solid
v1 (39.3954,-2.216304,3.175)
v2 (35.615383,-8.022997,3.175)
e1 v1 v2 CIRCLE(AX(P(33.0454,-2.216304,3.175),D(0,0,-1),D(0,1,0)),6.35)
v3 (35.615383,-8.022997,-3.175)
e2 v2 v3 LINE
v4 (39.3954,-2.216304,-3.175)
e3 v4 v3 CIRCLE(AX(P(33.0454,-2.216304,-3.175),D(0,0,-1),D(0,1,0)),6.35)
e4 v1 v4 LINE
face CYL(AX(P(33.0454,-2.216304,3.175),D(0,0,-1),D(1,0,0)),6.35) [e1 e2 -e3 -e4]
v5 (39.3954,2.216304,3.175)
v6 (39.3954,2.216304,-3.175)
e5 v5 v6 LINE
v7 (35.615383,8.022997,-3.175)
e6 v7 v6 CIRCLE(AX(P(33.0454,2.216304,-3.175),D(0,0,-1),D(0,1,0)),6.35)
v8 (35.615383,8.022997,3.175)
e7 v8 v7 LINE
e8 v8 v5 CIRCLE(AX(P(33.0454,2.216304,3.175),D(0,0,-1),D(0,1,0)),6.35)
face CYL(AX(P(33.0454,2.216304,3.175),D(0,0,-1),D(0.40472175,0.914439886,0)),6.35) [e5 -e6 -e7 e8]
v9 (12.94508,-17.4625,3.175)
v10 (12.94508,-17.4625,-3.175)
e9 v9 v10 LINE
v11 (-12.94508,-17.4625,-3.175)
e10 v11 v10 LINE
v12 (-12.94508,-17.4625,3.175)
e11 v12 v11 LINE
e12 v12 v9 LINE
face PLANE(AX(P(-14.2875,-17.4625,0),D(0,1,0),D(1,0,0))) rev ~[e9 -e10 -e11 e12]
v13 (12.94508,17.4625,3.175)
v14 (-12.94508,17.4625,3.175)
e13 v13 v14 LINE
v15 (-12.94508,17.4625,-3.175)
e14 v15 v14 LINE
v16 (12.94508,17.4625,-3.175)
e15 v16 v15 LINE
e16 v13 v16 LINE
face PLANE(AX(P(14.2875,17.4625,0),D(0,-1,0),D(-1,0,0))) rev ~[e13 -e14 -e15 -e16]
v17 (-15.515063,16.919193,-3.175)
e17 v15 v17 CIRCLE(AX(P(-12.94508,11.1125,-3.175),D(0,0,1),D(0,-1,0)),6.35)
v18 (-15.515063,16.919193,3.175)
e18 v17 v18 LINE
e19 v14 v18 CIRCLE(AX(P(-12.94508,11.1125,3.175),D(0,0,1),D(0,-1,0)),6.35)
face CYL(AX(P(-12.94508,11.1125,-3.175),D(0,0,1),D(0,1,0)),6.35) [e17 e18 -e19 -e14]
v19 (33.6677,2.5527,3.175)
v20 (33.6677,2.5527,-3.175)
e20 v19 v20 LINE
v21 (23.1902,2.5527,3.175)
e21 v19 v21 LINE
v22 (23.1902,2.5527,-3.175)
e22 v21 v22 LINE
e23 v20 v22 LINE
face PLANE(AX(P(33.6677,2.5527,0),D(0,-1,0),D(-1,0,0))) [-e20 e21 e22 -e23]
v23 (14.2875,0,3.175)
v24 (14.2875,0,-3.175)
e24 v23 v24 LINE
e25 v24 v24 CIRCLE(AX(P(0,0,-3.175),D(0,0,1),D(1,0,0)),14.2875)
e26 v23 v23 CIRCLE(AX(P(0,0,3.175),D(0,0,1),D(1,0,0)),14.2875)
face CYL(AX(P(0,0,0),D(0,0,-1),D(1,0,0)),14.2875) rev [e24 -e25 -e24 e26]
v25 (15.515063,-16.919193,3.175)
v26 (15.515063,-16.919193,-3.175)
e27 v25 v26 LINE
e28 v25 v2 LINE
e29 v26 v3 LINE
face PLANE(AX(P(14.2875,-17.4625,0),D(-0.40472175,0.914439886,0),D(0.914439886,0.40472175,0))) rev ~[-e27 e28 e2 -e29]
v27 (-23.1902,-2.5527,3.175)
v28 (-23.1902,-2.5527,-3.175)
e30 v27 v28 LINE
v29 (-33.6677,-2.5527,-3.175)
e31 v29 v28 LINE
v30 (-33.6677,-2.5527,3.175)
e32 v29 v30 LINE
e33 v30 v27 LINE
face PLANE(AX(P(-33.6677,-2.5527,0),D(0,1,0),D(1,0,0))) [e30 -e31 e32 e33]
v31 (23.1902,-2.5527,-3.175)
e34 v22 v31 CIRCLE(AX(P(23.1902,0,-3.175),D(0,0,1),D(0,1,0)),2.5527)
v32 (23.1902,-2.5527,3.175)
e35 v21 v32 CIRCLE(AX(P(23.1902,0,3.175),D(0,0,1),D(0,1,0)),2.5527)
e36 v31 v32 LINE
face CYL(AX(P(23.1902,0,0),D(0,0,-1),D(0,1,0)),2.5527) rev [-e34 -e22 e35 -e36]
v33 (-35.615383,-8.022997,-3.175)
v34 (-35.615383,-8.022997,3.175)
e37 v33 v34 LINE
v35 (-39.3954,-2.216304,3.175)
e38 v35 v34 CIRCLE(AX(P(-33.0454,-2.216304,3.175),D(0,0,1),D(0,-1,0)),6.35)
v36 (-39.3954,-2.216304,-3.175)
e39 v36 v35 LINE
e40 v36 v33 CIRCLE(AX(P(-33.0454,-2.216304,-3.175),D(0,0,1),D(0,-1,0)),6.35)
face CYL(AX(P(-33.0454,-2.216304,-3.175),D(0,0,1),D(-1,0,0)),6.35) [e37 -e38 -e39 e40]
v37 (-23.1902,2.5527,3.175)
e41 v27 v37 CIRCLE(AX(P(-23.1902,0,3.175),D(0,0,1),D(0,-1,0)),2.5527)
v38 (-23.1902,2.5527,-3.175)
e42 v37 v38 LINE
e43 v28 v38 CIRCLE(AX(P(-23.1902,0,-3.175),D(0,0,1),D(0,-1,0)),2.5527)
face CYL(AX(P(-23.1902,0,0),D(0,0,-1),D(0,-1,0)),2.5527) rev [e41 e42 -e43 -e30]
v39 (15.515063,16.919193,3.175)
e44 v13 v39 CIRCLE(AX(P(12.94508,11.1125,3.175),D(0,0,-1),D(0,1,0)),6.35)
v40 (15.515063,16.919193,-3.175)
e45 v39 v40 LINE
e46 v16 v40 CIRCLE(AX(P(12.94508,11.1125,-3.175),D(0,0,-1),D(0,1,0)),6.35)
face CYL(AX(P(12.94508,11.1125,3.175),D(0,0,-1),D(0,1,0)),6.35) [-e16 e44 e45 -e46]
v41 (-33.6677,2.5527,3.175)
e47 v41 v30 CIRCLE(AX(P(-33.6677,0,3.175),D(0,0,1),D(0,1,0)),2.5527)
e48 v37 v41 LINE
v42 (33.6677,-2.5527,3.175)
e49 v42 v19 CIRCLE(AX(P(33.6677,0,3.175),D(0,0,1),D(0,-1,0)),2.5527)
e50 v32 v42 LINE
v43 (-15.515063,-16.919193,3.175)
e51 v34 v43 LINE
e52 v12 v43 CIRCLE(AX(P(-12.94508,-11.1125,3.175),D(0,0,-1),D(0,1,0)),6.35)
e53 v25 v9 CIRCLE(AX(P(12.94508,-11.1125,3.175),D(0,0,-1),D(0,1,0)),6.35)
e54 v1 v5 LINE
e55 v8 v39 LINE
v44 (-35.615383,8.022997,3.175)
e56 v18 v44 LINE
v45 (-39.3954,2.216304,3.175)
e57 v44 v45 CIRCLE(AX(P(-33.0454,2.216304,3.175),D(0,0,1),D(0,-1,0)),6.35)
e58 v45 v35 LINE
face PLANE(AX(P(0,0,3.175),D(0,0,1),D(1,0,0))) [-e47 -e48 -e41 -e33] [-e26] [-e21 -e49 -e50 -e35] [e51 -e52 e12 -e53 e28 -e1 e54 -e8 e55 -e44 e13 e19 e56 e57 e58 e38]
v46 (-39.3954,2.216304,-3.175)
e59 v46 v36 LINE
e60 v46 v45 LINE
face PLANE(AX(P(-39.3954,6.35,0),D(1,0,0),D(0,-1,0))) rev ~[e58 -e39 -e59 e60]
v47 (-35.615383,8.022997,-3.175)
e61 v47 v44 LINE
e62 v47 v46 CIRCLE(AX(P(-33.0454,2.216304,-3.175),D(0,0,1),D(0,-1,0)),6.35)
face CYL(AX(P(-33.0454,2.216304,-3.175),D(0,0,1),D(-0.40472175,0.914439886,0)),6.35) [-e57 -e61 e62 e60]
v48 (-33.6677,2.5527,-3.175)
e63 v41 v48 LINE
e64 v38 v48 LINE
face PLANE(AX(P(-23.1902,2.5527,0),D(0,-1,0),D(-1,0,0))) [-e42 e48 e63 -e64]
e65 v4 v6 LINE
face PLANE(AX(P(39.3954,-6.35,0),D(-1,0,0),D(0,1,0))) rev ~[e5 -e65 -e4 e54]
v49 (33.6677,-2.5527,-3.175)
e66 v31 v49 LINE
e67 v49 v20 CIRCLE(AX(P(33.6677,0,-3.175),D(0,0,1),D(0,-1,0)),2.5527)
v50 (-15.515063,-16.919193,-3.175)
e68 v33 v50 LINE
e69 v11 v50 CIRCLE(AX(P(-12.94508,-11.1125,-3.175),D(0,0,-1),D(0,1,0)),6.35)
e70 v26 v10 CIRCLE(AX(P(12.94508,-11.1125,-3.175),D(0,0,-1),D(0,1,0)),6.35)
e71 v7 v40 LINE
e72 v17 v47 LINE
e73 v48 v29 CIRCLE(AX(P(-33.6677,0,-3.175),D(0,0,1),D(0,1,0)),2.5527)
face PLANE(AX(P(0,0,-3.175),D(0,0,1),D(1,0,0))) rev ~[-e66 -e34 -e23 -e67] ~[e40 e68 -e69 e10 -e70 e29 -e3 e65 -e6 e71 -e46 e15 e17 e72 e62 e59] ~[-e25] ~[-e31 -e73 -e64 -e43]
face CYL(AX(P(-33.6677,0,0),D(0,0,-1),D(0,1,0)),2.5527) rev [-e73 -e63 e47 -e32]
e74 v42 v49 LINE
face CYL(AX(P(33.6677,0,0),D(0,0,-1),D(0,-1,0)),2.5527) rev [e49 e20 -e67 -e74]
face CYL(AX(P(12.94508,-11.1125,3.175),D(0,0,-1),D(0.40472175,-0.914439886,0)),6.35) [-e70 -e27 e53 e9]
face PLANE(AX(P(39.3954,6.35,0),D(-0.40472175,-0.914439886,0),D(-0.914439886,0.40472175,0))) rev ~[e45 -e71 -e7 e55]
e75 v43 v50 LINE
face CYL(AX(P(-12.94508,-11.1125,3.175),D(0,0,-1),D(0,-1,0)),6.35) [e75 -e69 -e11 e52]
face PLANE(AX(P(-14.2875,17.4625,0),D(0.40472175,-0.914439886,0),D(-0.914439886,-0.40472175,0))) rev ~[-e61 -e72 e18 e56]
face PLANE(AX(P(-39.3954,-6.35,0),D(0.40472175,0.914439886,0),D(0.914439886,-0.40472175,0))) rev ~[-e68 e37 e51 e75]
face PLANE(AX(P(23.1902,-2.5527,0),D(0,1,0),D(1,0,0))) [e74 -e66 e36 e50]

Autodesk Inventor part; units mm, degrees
ref_plane "YZ Plane" through (0, 0, 0) normal (1, 0, 0) x (0, 1, 0)
ref_plane "XZ Plane" through (0, 0, 0) normal (0, 1, 0) x (-1, 0, 0)
sketch "Sketch1" plane through (0, 0, 0) normal (0, 0, 1) x (1, 0, 0)
  circle A0 centre (0, 0) radius 14.2875
  line L0 (-33.6677, 0) -> (-23.1902, 0) construction
  line L1 (-33.6677, -2.5527) -> (-23.1902, -2.5527)
  line L2 (-23.1902, 2.5527) -> (-33.6677, 2.5527)
  arc A1 (-33.6677, 2.5527) -> (-33.6677, -2.5527) centre (-33.6677, 0) ccw
  arc A2 (-23.1902, -2.5527) -> (-23.1902, 2.5527) centre (-23.1902, 0) ccw
  line L3 (23.1902, 0) -> (33.6677, 0) construction
  line L4 (23.1902, -2.5527) -> (33.6677, -2.5527)
  line L5 (33.6677, 2.5527) -> (23.1902, 2.5527)
  arc A3 (23.1902, 2.5527) -> (23.1902, -2.5527) centre (23.1902, 0) ccw
  arc A4 (33.6677, -2.5527) -> (33.6677, 2.5527) centre (33.6677, 0) ccw
  line L6 (-14.2875, 17.4625) -> (-39.3954, 6.35)
  line L7 (-39.3954, 6.35) -> (-39.3954, -6.35)
  line L8 (-39.3954, -6.35) -> (-14.2875, -17.4625)
  line L9 (-14.2875, -17.4625) -> (14.2875, -17.4625)
  line L10 (14.2875, -17.4625) -> (39.3954, -6.35)
  line L11 (39.3954, -6.35) -> (39.3954, 6.35)
  line L12 (39.3954, 6.35) -> (14.2875, 17.4625)
  line L13 (14.2875, 17.4625) -> (-14.2875, 17.4625)
  circle A5 centre (-23.1902, 0) radius 4.7625 construction
  circle A6 centre (0, 0) radius 13.6398 construction
  circle A7 centre (-45.9552, 70.4429) radius 54.5719 construction
  circle A8 centre (-1.8189, -39.1868) radius 18.1864 construction
  line L14 (8.4839, 74.2476) -> (16.3232, -37.9189) construction
  line L15 (-15.7788, -50.843) -> (-87.8447, 35.4663) construction
  line L16 (-45.9552, 70.4429) -> (4.7485, 67.3163) construction
  line L17 (4.7485, 67.3163) -> (-1.8189, -39.1868) construction
  point P0 (-28.429, 0)
  point P1 (28.429, 0)
  point P2 (0, 17.4625)
  point P3 (0, 14.2875)
  point P4 (-20.6375, 0)
  point P5 (-14.2875, 0)
  point P6 (-36.2204, 0)
  point P7 (-39.3954, 0)
  point P8 (39.3954, 0)
  dimension "d0" = 28.575
  dimension "d3" = 28.575
  dimension "d4" = 3.175
  dimension "d5" = 17.4625
  dimension "d6" = 17.4625
  dimension "d7" = 10.4775
  dimension "d8" = 10.4775
  dimension "d9" = 6.35
  dimension "d10" = 5.1054
  dimension "d11" = 28.429
  dimension "d12" = 9.525
  dimension "d13" = 27.2796
  dimension "d16" = 109.1438
  dimension "d19" = 36.3728
  dimension "d20" = 106.7054
  dimension "d21" = 50.8
  dimension "d22" = 28.429
  dimension "d23" = 3.175
  dimension "d24" = 5.7277
  dimension "d25" = 5.7277
  dimension "d26" = 12.7
extrude "Extrusion1" add sketch "Sketch1" along normal mid plane 6.35
fillet "Fillet1" radius 6.35 8 edges at (-14.2875, 17.4625, 0) (14.2875, 17.4625, 0) (39.3954, 6.35, 0) (39.3954, -6.35, 0) (14.2875, -17.4625, 0) (-14.2875, -17.4625, 0) (-39.3954, -6.35, 0) (-39.3954, 6.35, 0)
ref_plane "Work Plane1" through (-33.6677, 0, 3.175) normal (0, 1, 0) x (1, 0, 0)
equation "\"d6\" = d5"
properties part number "EL2-CGB-010" material "Aluminum 6061"
